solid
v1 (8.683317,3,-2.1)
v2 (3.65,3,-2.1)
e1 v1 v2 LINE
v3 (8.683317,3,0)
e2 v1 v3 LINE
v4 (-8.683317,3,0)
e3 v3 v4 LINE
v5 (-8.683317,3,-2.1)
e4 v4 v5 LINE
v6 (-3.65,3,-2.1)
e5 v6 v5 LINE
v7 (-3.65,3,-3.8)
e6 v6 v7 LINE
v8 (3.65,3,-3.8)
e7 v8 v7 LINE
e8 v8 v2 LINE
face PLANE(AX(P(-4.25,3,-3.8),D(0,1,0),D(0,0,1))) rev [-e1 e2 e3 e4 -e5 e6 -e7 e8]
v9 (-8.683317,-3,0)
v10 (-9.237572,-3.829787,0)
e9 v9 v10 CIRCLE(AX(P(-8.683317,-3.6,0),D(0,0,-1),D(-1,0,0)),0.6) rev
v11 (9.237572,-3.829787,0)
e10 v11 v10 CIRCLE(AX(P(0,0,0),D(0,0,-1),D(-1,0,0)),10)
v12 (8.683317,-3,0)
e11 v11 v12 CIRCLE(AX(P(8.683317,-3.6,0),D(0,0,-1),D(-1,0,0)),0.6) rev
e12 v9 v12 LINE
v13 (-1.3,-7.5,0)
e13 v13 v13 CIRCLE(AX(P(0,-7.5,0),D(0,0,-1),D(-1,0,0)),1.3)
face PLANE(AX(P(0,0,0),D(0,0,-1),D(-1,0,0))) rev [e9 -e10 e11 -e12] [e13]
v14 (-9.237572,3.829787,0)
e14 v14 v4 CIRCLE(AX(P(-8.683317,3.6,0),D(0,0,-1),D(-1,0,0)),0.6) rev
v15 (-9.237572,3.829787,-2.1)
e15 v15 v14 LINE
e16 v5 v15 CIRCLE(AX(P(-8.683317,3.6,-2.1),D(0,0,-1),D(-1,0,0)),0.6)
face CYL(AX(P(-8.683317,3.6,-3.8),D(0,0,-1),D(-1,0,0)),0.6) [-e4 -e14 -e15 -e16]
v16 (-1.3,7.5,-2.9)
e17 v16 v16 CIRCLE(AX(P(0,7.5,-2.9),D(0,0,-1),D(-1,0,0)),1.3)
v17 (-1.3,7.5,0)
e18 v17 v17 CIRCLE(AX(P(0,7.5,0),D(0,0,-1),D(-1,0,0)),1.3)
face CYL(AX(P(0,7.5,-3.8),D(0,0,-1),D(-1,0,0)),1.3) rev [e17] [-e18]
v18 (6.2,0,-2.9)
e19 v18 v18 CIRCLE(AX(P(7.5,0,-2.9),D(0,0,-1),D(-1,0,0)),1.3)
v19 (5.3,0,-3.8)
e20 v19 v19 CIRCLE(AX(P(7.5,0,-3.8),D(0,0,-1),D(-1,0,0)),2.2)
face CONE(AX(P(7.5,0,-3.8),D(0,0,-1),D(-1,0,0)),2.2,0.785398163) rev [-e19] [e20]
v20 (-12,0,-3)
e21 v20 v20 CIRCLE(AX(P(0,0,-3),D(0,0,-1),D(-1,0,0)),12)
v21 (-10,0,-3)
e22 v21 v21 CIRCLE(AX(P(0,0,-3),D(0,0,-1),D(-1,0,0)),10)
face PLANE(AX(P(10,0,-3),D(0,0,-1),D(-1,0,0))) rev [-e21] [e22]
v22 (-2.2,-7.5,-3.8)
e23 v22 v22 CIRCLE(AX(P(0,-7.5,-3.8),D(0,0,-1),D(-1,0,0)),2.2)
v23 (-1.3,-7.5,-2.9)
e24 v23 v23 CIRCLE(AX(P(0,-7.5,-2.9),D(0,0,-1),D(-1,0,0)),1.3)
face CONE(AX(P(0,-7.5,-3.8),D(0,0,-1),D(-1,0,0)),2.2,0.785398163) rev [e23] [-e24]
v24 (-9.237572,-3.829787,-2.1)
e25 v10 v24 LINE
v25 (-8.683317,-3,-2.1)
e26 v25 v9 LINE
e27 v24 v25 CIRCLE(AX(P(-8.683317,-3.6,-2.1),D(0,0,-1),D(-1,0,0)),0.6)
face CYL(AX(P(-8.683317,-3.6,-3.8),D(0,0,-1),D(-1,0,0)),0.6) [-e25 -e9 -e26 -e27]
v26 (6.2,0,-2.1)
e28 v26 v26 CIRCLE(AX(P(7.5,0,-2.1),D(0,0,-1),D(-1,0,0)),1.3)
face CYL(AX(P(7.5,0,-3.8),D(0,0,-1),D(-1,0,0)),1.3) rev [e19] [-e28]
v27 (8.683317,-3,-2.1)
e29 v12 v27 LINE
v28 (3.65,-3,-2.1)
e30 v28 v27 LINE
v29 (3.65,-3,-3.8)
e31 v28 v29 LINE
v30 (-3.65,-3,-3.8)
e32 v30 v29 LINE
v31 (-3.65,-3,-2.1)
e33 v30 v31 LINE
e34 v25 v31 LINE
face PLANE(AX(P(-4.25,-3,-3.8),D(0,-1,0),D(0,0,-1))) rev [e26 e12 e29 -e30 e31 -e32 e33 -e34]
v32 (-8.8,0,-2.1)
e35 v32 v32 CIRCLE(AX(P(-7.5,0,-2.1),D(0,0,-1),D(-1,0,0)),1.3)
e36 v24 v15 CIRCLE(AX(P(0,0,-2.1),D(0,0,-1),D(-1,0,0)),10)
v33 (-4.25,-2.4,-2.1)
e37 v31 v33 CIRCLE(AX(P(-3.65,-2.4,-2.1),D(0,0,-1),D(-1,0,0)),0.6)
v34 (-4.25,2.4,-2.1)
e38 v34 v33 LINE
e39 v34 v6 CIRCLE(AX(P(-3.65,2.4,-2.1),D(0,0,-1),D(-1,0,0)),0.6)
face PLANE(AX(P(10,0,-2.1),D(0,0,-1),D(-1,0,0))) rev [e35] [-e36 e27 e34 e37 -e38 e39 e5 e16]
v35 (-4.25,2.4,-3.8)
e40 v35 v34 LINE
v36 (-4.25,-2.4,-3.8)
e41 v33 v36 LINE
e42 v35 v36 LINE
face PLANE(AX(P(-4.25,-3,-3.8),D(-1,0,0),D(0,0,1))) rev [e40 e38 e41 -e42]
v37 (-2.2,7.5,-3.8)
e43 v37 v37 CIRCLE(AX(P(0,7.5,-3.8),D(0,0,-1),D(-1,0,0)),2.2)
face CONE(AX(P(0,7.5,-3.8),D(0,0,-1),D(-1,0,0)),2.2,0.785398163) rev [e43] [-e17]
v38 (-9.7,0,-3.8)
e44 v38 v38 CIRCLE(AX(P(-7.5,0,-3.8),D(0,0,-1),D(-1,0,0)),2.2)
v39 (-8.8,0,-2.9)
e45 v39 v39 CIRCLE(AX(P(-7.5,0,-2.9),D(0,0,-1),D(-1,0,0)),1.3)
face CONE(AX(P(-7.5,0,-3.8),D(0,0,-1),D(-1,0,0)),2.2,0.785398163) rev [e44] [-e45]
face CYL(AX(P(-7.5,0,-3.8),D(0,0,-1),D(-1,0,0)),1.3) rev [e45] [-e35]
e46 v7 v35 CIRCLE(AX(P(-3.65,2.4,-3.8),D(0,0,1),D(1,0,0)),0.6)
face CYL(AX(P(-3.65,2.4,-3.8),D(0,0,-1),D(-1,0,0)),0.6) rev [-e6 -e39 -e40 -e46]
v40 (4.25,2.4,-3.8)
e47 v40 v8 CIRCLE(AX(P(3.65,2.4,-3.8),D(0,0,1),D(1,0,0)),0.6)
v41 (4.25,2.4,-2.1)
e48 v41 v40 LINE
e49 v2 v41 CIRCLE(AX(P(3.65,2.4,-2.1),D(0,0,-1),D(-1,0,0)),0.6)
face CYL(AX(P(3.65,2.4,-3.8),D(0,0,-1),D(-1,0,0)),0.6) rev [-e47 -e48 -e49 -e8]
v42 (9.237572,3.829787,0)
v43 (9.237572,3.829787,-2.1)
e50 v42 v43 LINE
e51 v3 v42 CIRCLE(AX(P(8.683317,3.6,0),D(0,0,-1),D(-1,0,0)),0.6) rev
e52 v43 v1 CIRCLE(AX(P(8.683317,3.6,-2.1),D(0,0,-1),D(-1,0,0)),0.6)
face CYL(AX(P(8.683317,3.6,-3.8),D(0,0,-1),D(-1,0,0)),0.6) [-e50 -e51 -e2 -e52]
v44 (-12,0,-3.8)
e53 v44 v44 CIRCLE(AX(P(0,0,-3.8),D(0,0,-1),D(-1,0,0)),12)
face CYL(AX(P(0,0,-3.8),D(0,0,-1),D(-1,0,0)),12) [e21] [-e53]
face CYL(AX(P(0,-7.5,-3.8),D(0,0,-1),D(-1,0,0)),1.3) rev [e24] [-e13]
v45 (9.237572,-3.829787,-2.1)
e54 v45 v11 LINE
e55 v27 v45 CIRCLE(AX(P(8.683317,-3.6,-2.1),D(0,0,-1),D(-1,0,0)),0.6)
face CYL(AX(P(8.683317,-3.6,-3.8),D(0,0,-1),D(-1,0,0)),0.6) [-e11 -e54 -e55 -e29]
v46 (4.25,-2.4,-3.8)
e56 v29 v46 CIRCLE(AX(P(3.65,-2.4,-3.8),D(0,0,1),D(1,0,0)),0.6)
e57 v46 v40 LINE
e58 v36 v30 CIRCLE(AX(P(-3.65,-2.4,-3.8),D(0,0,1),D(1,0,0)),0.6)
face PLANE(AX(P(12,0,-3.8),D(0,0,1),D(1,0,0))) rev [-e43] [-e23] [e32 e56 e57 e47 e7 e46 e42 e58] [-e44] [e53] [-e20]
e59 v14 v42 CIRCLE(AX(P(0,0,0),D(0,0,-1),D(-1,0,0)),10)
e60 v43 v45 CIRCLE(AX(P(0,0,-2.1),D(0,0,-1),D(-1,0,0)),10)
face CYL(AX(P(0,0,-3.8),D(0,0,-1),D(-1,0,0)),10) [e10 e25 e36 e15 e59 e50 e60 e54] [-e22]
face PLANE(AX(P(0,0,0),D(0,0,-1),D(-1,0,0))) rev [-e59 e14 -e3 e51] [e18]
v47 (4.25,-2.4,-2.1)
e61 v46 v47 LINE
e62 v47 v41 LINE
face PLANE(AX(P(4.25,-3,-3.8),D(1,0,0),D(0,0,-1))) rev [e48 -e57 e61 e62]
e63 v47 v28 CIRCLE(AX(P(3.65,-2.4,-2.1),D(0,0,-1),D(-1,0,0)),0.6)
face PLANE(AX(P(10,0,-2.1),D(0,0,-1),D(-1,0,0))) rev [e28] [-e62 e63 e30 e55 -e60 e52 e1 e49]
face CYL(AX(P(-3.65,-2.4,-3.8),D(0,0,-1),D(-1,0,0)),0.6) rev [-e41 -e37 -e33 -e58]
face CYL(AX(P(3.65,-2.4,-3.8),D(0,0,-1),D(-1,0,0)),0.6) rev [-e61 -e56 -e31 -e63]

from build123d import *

# Parameters (mm, degrees)
SKIZZE14_W                                           = 8.5
SKIZZE14_H                                           = 6
SCHNITT_LINEAR_AUSTRAGEN4_DEPTH                      = 4.8
SKIZZE15_W                                           = 24
SKIZZE15_H                                           = 6
SCHNITT_LINEAR_AUSTRAGEN5_DEPTH                      = 2.1
VERRUNDUNG1_R                                        = 0.6
VERRUNDUNG2_R                                        = 0.6
FORMSENKUNG_F_R_M2_LINSENSENKSCHRAUBE_MI_D           = 2.6
FORMSENKUNG_F_R_M2_LINSENSENKSCHRAUBE_MI_CSINK_D     = 4.4
FORMSENKUNG_F_R_M2_LINSENSENKSCHRAUBE_MI_CSINK_ANGLE = 90
FORMSENKUNG_F_R_M2_LINSENSENKSCHRAUB_2_D             = 2.6
FORMSENKUNG_F_R_M2_LINSENSENKSCHRAUB_2_CSINK_D       = 4.4
FORMSENKUNG_F_R_M2_LINSENSENKSCHRAUB_2_CSINK_ANGLE   = 90


with BuildPart() as part:
    # Skizze2 → Rotation1 (revolve)
    with BuildSketch(Plane(origin=(0, 0, 0), x_dir=(1, 0, 0), z_dir=(0, 1, 0))):
        Polygon((0, 0), (10, 0), (10, 3), (12, 3), (12, 3.8), (0, 3.8), align=None)
    revolve(axis=Axis((0, 0, -3.8), (0, 0, 1)))

    # Skizze14 → Schnitt-Linear austragen4 (cut, through all)
    with BuildSketch(Plane.XY):
        Rectangle(SKIZZE14_W, SKIZZE14_H)
    extrude(amount=-SCHNITT_LINEAR_AUSTRAGEN4_DEPTH, mode=Mode.SUBTRACT)

    # Skizze15 → Schnitt-Linear austragen5 (cut)
    with BuildSketch(Plane.XY):
        Rectangle(SKIZZE15_W, SKIZZE15_H)
    extrude(amount=-SCHNITT_LINEAR_AUSTRAGEN5_DEPTH, mode=Mode.SUBTRACT)

    # Verrundung1
    verrundung1_edges = [part.edges().sort_by_distance(p)[0] for p in [
        (4.25, 3, -2.95),
        (4.25, -3, -2.95),
        (-4.25, -3, -2.95),
        (-4.25, 3, -2.95),
    ]]
    fillet(verrundung1_edges, radius=VERRUNDUNG1_R)

    # Verrundung2
    verrundung2_edges = [part.edges().sort_by_distance(p)[0] for p in [
        (-9.539392014, -3, -1.05),
        (9.539392014, -3, -1.05),
        (9.539392014, 3, -1.05),
        (-9.539392014, 3, -1.05),
    ]]
    fillet(verrundung2_edges, radius=VERRUNDUNG2_R)

    # Formsenkung f_r M2 Linsensenkschraube mi (through all)
    with Locations(Plane(origin=(0, 0, -3.8), x_dir=(1, 0, 0), z_dir=(0, 0, -1))):
        with Locations((-7.5, 0), (7.5, 0)):
            CounterSinkHole(FORMSENKUNG_F_R_M2_LINSENSENKSCHRAUBE_MI_D / 2, FORMSENKUNG_F_R_M2_LINSENSENKSCHRAUBE_MI_CSINK_D / 2, counter_sink_angle=FORMSENKUNG_F_R_M2_LINSENSENKSCHRAUBE_MI_CSINK_ANGLE)

    # Formsenkung f_r M2 Linsensenkschraub 2 (through all)
    with Locations(Plane(origin=(0, 0, -3.8), x_dir=(-1, 0, 0), z_dir=(0, 0, -1))):
        with Locations((0, 7.5), (0, -7.5)):
            CounterSinkHole(FORMSENKUNG_F_R_M2_LINSENSENKSCHRAUB_2_D / 2, FORMSENKUNG_F_R_M2_LINSENSENKSCHRAUB_2_CSINK_D / 2, counter_sink_angle=FORMSENKUNG_F_R_M2_LINSENSENKSCHRAUB_2_CSINK_ANGLE)


solid = part.part
